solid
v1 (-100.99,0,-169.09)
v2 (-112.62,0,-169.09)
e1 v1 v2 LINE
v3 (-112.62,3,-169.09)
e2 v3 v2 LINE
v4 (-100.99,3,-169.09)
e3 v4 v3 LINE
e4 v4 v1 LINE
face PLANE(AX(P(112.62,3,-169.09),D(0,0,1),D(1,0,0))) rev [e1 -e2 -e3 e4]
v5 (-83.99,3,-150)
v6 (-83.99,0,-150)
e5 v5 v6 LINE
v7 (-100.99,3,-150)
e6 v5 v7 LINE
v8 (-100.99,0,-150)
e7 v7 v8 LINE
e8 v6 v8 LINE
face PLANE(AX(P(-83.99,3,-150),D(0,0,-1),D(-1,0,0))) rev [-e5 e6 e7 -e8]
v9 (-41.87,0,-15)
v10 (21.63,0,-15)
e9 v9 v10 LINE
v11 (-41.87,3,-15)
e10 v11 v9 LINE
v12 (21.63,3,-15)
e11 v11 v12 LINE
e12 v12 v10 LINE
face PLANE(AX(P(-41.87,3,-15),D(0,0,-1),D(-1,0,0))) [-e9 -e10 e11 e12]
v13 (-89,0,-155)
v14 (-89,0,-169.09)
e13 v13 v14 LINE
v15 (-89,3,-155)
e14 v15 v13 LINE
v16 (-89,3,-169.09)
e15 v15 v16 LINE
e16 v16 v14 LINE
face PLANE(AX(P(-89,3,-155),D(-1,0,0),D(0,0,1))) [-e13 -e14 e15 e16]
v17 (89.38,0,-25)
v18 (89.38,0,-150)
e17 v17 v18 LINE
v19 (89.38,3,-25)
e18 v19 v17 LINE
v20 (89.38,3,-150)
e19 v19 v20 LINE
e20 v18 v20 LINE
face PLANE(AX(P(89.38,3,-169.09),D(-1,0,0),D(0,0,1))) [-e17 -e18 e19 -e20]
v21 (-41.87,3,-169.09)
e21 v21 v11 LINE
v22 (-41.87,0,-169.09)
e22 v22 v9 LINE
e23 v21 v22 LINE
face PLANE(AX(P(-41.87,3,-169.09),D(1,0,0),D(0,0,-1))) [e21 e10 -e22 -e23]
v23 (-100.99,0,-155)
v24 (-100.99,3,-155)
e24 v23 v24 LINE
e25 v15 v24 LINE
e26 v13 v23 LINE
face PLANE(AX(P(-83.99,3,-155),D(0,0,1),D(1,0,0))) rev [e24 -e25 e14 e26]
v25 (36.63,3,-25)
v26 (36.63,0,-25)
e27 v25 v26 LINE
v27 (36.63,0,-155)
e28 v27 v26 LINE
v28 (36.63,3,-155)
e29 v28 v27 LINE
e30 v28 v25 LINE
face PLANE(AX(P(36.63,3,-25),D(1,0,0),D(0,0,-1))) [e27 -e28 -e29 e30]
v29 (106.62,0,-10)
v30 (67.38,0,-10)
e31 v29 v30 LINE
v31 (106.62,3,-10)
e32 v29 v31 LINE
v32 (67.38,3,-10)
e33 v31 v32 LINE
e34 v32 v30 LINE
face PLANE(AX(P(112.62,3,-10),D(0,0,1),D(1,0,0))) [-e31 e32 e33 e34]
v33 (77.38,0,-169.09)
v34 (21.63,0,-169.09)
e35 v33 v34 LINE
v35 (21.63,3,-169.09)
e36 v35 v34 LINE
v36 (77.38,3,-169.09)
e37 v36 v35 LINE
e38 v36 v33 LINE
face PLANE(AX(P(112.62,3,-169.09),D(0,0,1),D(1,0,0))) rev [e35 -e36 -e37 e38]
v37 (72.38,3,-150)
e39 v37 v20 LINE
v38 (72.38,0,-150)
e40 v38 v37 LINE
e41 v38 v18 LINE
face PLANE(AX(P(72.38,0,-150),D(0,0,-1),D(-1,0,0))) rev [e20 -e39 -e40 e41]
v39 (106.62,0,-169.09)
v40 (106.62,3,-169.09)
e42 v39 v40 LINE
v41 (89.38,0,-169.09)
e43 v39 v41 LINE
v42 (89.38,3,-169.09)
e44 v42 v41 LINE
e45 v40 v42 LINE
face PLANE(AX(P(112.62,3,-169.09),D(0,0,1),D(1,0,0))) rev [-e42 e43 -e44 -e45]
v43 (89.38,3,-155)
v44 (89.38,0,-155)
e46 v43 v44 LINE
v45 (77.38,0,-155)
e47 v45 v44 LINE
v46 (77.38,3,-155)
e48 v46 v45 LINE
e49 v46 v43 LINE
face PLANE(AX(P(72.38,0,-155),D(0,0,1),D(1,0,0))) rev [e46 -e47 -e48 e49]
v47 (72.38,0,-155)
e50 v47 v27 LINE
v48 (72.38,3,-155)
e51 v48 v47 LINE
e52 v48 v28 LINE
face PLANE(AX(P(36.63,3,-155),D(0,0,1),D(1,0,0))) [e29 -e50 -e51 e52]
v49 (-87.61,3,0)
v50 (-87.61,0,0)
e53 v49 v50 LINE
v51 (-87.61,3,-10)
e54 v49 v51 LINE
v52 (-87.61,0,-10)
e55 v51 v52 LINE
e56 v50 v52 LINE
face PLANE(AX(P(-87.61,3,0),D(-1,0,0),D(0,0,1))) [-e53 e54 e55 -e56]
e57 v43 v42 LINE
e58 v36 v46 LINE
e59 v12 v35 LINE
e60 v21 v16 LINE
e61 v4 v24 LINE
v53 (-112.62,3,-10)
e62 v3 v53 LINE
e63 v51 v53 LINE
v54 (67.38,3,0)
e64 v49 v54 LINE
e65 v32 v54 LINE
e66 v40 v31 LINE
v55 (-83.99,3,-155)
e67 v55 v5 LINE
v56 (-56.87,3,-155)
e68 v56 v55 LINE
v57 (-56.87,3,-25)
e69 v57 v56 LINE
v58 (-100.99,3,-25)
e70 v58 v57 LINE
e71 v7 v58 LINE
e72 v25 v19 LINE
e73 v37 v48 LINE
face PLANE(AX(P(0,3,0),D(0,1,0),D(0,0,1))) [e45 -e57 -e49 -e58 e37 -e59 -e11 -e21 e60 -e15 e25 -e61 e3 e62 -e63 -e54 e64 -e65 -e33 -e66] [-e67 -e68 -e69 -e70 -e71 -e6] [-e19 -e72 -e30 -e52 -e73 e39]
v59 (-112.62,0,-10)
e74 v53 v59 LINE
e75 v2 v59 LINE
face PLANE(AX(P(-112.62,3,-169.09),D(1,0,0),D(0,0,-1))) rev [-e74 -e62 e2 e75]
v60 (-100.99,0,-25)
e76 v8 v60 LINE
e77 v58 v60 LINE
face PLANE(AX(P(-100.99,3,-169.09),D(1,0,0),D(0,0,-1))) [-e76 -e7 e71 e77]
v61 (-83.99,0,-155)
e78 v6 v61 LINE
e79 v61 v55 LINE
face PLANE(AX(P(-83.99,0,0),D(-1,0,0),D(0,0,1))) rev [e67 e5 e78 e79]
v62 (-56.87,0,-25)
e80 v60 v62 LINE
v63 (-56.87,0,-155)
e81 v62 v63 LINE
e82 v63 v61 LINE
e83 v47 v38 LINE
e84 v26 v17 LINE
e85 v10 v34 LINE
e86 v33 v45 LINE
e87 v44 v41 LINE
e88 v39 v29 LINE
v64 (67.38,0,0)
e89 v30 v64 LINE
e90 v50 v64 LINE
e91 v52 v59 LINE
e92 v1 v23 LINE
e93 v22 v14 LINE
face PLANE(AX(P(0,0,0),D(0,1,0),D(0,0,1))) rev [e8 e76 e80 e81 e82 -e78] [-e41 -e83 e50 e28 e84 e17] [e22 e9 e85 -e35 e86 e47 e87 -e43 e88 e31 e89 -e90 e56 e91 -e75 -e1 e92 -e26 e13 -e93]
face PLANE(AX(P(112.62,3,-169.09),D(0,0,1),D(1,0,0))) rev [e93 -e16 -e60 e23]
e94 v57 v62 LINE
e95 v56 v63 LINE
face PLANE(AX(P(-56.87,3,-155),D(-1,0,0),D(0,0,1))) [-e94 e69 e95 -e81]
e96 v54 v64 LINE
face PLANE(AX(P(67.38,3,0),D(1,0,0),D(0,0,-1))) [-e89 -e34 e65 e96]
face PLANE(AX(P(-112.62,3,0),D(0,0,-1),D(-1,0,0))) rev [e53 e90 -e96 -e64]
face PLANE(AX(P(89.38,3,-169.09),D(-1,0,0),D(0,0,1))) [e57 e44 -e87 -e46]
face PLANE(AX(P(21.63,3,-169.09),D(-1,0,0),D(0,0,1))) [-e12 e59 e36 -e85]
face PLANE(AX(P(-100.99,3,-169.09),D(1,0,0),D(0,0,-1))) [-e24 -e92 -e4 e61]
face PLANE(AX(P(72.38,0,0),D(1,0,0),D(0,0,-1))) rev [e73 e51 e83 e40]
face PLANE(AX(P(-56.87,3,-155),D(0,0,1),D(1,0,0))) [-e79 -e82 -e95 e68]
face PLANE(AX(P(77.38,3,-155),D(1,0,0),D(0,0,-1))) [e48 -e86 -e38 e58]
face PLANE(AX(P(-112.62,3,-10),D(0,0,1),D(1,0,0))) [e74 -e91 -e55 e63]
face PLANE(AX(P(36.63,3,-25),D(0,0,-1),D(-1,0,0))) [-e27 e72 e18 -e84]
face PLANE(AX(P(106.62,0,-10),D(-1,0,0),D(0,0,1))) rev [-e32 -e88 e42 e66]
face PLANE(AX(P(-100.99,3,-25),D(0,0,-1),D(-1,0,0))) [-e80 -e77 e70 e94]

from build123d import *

# Parameters (mm, degrees)
SKETCH1_W           = 225.24
SKETCH1_H           = 169.09
BOSS_EXTRUDE1_DEPTH = 3
SKETCH2_W           = 63.5
SKETCH2_H           = 154.09
SKETCH2_W_2         = 45.24
SKETCH2_H_2         = 10
SKETCH2_W_3         = 25.01
CUT_EXTRUDE1_DEPTH  = 204.183888387
SKETCH3_W           = 5
SKETCH3_H           = 3
BOSS_EXTRUDE2_DEPTH = 17
SKETCH4_W           = 5
SKETCH4_H           = 3
BOSS_EXTRUDE3_DEPTH = 17
SKETCH5_W           = 6
SKETCH5_H           = 159.09
CUT_EXTRUDE2_DEPTH  = 204.183888387


with BuildPart() as part:
    # Sketch1 → Boss-Extrude1 (new body)
    with BuildSketch(Plane(origin=(0, 0, 0), x_dir=(1, 0, 0), z_dir=(0, 1, 0))):
        with Locations((0, 84.545)):
            Rectangle(SKETCH1_W, SKETCH1_H)
    extrude(amount=BOSS_EXTRUDE1_DEPTH)

    # Sketch2 → Cut-Extrude1 (cut, through all)
    with BuildSketch(Plane(origin=(0, 0, 0), x_dir=(1, 0, 0), z_dir=(0, 1, 0))):
        Polygon((36.63, 25), (36.63, 155), (77.38, 155), (77.38, 169.09), (89.38, 169.09), (89.38, 25), align=None)
        Polygon((-100.99, 169.09), (-89, 169.09), (-89, 155), (-56.87, 155), (-56.87, 25), (-100.99, 25), align=None)
        with Locations((-10.12, 92.045)):
            Rectangle(SKETCH2_W, SKETCH2_H)
        with Locations((90, 5)):
            Rectangle(SKETCH2_W_2, SKETCH2_H_2)
        with Locations((-100.115, 5)):
            Rectangle(SKETCH2_W_3, SKETCH2_H_2)
    extrude(amount=CUT_EXTRUDE1_DEPTH, mode=Mode.SUBTRACT)

    # Sketch3 → Boss-Extrude2 (add)
    with BuildSketch(Plane.ZY.offset(-89.38)):
        with Locations((-152.5, 1.5)):
            Rectangle(SKETCH3_W, SKETCH3_H)
    extrude(amount=BOSS_EXTRUDE2_DEPTH)

    # Sketch4 → Boss-Extrude3 (add)
    with BuildSketch(Plane(origin=(-100.99, 0, 0), x_dir=(0, 0, -1), z_dir=(1, 0, 0))):
        with Locations((152.5, 1.5)):
            Rectangle(SKETCH4_W, SKETCH4_H)
    extrude(amount=BOSS_EXTRUDE3_DEPTH)

    # Sketch5 → Cut-Extrude2 (cut, through all)
    with BuildSketch(Plane(origin=(0, 3, 0), x_dir=(1, 0, 0), z_dir=(0, 1, 0))):
        with Locations((109.62, 89.545)):
            Rectangle(SKETCH5_W, SKETCH5_H)
    extrude(amount=-CUT_EXTRUDE2_DEPTH, mode=Mode.SUBTRACT)


solid = part.part
